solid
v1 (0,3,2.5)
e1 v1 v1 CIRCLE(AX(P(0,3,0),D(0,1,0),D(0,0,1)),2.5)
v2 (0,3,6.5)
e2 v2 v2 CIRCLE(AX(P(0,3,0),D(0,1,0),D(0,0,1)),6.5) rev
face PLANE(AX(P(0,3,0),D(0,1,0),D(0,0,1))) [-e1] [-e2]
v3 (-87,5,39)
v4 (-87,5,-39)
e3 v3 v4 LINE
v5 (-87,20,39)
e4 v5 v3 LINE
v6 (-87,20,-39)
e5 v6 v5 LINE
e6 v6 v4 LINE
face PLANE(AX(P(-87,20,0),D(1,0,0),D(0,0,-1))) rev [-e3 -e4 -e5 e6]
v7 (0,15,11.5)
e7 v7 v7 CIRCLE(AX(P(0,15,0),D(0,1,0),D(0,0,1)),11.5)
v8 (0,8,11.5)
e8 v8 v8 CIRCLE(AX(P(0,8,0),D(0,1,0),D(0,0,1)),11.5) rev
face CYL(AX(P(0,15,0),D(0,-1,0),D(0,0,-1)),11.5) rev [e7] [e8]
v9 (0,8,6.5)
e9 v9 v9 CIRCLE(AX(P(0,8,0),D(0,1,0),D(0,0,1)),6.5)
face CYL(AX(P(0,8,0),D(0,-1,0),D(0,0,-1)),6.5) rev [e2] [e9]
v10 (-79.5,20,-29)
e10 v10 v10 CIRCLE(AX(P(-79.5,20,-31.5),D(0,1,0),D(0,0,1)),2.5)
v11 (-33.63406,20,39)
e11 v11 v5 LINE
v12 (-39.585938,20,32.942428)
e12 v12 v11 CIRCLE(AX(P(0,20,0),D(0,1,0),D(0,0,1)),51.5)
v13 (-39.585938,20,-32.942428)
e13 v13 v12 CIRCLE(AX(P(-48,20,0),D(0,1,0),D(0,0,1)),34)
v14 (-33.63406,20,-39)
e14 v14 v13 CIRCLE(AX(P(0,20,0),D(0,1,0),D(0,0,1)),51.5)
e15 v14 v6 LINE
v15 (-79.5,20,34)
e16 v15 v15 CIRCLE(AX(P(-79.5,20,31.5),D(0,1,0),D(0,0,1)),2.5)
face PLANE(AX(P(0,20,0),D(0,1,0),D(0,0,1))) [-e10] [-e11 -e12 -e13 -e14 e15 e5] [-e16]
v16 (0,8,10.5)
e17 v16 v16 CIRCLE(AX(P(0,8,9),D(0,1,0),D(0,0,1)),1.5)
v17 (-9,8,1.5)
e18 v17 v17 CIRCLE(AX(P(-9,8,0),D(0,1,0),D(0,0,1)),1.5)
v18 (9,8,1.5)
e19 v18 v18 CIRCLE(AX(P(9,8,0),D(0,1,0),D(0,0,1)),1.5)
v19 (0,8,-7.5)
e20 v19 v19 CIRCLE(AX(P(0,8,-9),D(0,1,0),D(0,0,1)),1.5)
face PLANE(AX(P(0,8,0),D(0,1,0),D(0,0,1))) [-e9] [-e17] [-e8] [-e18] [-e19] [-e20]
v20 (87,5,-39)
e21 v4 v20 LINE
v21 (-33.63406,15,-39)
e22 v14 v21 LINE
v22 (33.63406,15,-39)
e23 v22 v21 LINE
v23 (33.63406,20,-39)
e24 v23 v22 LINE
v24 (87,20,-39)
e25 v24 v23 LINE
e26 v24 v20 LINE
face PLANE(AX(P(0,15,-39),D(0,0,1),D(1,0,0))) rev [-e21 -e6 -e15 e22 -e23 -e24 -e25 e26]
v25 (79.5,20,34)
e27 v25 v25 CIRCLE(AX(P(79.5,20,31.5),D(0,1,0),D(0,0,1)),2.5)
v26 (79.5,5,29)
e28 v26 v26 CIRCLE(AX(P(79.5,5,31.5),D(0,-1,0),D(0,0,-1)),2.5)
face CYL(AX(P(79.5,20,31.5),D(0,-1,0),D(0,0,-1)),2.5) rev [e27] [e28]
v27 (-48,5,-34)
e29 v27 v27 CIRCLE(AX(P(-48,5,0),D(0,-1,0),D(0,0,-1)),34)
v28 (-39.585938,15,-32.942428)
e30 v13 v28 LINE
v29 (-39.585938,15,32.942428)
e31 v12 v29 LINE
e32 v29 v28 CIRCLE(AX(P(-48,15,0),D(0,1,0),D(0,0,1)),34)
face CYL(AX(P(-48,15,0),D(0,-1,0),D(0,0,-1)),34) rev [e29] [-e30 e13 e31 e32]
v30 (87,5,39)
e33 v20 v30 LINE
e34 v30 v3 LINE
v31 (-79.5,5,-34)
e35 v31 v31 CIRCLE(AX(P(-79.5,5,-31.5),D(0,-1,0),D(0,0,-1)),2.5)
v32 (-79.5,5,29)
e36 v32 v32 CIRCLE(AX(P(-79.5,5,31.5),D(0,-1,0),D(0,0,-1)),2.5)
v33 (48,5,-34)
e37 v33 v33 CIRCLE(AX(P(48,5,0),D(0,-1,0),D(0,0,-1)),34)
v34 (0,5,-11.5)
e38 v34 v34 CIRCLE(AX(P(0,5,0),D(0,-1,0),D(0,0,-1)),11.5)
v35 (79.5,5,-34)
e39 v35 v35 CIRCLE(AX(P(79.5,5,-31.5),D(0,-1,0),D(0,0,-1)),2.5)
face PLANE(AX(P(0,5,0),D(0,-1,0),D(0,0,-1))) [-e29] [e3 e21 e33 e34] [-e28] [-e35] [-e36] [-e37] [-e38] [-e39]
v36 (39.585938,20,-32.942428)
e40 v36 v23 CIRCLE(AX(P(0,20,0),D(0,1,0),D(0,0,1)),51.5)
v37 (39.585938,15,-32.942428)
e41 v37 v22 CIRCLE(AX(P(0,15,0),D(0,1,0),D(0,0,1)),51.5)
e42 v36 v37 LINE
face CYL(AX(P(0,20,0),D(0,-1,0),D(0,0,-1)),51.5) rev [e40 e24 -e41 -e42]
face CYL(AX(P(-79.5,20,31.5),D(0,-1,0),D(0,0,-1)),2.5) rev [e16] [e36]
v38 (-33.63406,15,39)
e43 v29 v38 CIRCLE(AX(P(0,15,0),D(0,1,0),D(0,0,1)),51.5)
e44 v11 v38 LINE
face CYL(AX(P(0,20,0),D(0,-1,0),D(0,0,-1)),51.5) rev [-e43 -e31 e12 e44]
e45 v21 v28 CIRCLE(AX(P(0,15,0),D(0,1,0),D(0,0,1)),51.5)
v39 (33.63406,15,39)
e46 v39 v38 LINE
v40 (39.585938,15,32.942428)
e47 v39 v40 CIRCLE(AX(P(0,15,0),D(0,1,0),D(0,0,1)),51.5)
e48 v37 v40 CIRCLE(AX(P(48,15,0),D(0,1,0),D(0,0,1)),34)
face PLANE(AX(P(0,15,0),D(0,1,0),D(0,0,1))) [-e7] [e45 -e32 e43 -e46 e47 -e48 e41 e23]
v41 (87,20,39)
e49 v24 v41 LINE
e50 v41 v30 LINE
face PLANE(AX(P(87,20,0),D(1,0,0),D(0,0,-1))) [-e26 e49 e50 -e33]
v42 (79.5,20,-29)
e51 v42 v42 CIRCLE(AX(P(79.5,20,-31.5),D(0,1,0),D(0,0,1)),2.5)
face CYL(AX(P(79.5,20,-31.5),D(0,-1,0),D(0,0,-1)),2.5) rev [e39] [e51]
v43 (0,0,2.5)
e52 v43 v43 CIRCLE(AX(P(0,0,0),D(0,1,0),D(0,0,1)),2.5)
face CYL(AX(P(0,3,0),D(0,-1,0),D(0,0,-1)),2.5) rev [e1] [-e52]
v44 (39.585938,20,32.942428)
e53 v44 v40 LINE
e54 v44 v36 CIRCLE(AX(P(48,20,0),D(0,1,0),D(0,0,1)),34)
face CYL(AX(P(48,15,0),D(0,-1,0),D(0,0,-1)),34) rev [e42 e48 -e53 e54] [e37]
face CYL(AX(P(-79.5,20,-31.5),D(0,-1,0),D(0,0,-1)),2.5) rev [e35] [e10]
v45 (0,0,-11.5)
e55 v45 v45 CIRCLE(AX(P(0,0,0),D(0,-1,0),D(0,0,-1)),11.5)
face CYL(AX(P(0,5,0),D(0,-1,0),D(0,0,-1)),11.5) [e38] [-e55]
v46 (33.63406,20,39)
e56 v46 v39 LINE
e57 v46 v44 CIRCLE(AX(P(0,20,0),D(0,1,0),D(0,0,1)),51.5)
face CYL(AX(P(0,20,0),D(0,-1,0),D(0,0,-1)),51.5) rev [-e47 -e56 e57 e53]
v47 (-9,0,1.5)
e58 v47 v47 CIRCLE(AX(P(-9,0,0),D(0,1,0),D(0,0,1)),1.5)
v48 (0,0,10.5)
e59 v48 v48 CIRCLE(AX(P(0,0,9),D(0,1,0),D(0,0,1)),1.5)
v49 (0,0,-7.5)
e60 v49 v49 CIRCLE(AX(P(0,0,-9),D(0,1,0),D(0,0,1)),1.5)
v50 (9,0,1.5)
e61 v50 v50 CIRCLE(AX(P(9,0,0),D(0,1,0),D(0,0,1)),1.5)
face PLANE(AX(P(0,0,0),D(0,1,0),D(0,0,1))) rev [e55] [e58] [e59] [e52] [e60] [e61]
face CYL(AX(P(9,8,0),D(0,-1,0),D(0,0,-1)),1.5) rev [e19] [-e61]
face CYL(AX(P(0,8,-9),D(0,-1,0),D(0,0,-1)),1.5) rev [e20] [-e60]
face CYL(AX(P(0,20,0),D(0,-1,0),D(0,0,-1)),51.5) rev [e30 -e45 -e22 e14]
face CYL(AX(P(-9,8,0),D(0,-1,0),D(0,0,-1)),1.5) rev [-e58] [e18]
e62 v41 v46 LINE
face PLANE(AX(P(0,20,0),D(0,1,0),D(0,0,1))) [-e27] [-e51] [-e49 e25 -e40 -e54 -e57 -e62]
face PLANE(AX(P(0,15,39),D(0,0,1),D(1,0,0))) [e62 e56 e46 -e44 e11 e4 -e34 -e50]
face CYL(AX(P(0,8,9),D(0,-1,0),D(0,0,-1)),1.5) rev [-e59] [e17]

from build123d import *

# Parameters (mm, degrees)
SKETCH1_R           = 6.5
SKETCH1_R_2         = 2.5
BOSS_EXTRUDE1_DEPTH = 3
SKETCH1_3_R         = 11.5
SKETCH1_3_R_2       = 1.5
SKETCH1_3_R_3       = 6.5
BOSS_EXTRUDE2_DEPTH = 8
SKETCH1_4_R         = 11.5
BOSS_EXTRUDE3_DEPTH = 15
SKETCH1_5_R         = 2.5
BOSS_EXTRUDE4_DEPTH = 20
SKETCH3_W           = 174
SKETCH3_H           = 78
SKETCH3_R           = 11.5
CUT_EXTRUDE1_DEPTH  = 5


with BuildPart() as part:
    # Sketch1 → Boss-Extrude1 (new body)
    with BuildSketch(Plane(origin=(0, 0, 0), x_dir=(1, 0, 0), z_dir=(0, 1, 0))):
        Circle(SKETCH1_R)
        Circle(SKETCH1_R_2, mode=Mode.SUBTRACT)
    extrude(amount=BOSS_EXTRUDE1_DEPTH)



with BuildPart() as body_2:
    # Sketch1<3> → Boss-Extrude2 (new body)
    with BuildSketch(Plane(origin=(0, 0, 0), x_dir=(1, 0, 0), z_dir=(0, 1, 0))):
        Circle(SKETCH1_3_R)
        with Locations((-9, 0)):
            Circle(SKETCH1_3_R_2, mode=Mode.SUBTRACT)
        with Locations((0, -9)):
            Circle(SKETCH1_3_R_2, mode=Mode.SUBTRACT)
        Circle(SKETCH1_3_R_3, mode=Mode.SUBTRACT)
        with Locations((9, 0)):
            Circle(SKETCH1_3_R_2, mode=Mode.SUBTRACT)
        with Locations((0, 9)):
            Circle(SKETCH1_3_R_2, mode=Mode.SUBTRACT)
    extrude(amount=BOSS_EXTRUDE2_DEPTH)


with BuildPart() as part_1:
    add(part.part)

    add(body_2.part)  # Boss-Extrude3 merges body 2
    # Sketch1<4> → Boss-Extrude3 (add)
    with BuildSketch(Plane(origin=(0, 0, 0), x_dir=(1, 0, 0), z_dir=(0, 1, 0))):
        with BuildLine():
            ThreePointArc((39.5859375, 32.942427844), (36.735072586, 36.094105365), (33.634060118, 39))
            Line((33.634060118, 39), (-33.634060118, 39))
            ThreePointArc((-33.634060118, 39), (-36.735072586, 36.094105365), (-39.5859375, 32.942427844))
            ThreePointArc((-39.5859375, 32.942427844), (-21.147829464, 20.855717142), (-14, 0))
            ThreePointArc((-14, 0), (-21.147829464, -20.855717142), (-39.5859375, -32.942427844))
            ThreePointArc((-39.5859375, -32.942427844), (-36.735072586, -36.094105365), (-33.634060118, -39))
            Line((-33.634060118, -39), (33.634060118, -39))
            ThreePointArc((33.634060118, -39), (36.735072586, -36.094105365), (39.5859375, -32.942427844))
            ThreePointArc((39.5859375, -32.942427844), (14, 0), (39.5859375, 32.942427844))
        make_face()
        Circle(SKETCH1_4_R, mode=Mode.SUBTRACT)
    extrude(amount=BOSS_EXTRUDE3_DEPTH)

    # Sketch1<5> → Boss-Extrude4 (add)
    # profile 1 of 2: a face of its own
    with BuildSketch(Plane(origin=(0, 0, 0), x_dir=(1, 0, 0), z_dir=(0, 1, 0))):
        with BuildLine():
            Line((87, -39), (87, 39))
            Line((87, 39), (33.634060118, 39))
            ThreePointArc((33.634060118, 39), (36.735072586, 36.094105365), (39.5859375, 32.942427844))
            ThreePointArc((39.5859375, 32.942427844), (82, 0), (39.5859375, -32.942427844))
            ThreePointArc((39.5859375, -32.942427844), (36.735072586, -36.094105365), (33.634060118, -39))
            Line((33.634060118, -39), (87, -39))
        make_face()
        with Locations((79.5, -31.5)):
            Circle(SKETCH1_5_R, mode=Mode.SUBTRACT)
        with Locations((79.5, 31.5)):
            Circle(SKETCH1_5_R, mode=Mode.SUBTRACT)
    # profile 2 of 2: a face of its own
    with BuildSketch(Plane(origin=(0, 0, 0), x_dir=(1, 0, 0), z_dir=(0, 1, 0))):
        with BuildLine():
            ThreePointArc((-39.5859375, 32.942427844), (-36.735072586, 36.094105365), (-33.634060118, 39))
            Line((-33.634060118, 39), (-87, 39))
            Line((-87, 39), (-87, -39))
            Line((-87, -39), (-33.634060118, -39))
            ThreePointArc((-33.634060118, -39), (-36.735072586, -36.094105365), (-39.5859375, -32.942427844))
            ThreePointArc((-39.5859375, -32.942427844), (-82, 0), (-39.5859375, 32.942427844))
        make_face()
        with Locations((-79.5, -31.5)):
            Circle(SKETCH1_5_R, mode=Mode.SUBTRACT)
        with Locations((-79.5, 31.5)):
            Circle(SKETCH1_5_R, mode=Mode.SUBTRACT)
    extrude(amount=BOSS_EXTRUDE4_DEPTH)

    # Sketch3 → Cut-Extrude1 (cut)
    with BuildSketch(Plane.XZ):
        Rectangle(SKETCH3_W, SKETCH3_H)
        Circle(SKETCH3_R, mode=Mode.SUBTRACT)
    extrude(amount=-CUT_EXTRUDE1_DEPTH, mode=Mode.SUBTRACT)


solid = part_1.part
